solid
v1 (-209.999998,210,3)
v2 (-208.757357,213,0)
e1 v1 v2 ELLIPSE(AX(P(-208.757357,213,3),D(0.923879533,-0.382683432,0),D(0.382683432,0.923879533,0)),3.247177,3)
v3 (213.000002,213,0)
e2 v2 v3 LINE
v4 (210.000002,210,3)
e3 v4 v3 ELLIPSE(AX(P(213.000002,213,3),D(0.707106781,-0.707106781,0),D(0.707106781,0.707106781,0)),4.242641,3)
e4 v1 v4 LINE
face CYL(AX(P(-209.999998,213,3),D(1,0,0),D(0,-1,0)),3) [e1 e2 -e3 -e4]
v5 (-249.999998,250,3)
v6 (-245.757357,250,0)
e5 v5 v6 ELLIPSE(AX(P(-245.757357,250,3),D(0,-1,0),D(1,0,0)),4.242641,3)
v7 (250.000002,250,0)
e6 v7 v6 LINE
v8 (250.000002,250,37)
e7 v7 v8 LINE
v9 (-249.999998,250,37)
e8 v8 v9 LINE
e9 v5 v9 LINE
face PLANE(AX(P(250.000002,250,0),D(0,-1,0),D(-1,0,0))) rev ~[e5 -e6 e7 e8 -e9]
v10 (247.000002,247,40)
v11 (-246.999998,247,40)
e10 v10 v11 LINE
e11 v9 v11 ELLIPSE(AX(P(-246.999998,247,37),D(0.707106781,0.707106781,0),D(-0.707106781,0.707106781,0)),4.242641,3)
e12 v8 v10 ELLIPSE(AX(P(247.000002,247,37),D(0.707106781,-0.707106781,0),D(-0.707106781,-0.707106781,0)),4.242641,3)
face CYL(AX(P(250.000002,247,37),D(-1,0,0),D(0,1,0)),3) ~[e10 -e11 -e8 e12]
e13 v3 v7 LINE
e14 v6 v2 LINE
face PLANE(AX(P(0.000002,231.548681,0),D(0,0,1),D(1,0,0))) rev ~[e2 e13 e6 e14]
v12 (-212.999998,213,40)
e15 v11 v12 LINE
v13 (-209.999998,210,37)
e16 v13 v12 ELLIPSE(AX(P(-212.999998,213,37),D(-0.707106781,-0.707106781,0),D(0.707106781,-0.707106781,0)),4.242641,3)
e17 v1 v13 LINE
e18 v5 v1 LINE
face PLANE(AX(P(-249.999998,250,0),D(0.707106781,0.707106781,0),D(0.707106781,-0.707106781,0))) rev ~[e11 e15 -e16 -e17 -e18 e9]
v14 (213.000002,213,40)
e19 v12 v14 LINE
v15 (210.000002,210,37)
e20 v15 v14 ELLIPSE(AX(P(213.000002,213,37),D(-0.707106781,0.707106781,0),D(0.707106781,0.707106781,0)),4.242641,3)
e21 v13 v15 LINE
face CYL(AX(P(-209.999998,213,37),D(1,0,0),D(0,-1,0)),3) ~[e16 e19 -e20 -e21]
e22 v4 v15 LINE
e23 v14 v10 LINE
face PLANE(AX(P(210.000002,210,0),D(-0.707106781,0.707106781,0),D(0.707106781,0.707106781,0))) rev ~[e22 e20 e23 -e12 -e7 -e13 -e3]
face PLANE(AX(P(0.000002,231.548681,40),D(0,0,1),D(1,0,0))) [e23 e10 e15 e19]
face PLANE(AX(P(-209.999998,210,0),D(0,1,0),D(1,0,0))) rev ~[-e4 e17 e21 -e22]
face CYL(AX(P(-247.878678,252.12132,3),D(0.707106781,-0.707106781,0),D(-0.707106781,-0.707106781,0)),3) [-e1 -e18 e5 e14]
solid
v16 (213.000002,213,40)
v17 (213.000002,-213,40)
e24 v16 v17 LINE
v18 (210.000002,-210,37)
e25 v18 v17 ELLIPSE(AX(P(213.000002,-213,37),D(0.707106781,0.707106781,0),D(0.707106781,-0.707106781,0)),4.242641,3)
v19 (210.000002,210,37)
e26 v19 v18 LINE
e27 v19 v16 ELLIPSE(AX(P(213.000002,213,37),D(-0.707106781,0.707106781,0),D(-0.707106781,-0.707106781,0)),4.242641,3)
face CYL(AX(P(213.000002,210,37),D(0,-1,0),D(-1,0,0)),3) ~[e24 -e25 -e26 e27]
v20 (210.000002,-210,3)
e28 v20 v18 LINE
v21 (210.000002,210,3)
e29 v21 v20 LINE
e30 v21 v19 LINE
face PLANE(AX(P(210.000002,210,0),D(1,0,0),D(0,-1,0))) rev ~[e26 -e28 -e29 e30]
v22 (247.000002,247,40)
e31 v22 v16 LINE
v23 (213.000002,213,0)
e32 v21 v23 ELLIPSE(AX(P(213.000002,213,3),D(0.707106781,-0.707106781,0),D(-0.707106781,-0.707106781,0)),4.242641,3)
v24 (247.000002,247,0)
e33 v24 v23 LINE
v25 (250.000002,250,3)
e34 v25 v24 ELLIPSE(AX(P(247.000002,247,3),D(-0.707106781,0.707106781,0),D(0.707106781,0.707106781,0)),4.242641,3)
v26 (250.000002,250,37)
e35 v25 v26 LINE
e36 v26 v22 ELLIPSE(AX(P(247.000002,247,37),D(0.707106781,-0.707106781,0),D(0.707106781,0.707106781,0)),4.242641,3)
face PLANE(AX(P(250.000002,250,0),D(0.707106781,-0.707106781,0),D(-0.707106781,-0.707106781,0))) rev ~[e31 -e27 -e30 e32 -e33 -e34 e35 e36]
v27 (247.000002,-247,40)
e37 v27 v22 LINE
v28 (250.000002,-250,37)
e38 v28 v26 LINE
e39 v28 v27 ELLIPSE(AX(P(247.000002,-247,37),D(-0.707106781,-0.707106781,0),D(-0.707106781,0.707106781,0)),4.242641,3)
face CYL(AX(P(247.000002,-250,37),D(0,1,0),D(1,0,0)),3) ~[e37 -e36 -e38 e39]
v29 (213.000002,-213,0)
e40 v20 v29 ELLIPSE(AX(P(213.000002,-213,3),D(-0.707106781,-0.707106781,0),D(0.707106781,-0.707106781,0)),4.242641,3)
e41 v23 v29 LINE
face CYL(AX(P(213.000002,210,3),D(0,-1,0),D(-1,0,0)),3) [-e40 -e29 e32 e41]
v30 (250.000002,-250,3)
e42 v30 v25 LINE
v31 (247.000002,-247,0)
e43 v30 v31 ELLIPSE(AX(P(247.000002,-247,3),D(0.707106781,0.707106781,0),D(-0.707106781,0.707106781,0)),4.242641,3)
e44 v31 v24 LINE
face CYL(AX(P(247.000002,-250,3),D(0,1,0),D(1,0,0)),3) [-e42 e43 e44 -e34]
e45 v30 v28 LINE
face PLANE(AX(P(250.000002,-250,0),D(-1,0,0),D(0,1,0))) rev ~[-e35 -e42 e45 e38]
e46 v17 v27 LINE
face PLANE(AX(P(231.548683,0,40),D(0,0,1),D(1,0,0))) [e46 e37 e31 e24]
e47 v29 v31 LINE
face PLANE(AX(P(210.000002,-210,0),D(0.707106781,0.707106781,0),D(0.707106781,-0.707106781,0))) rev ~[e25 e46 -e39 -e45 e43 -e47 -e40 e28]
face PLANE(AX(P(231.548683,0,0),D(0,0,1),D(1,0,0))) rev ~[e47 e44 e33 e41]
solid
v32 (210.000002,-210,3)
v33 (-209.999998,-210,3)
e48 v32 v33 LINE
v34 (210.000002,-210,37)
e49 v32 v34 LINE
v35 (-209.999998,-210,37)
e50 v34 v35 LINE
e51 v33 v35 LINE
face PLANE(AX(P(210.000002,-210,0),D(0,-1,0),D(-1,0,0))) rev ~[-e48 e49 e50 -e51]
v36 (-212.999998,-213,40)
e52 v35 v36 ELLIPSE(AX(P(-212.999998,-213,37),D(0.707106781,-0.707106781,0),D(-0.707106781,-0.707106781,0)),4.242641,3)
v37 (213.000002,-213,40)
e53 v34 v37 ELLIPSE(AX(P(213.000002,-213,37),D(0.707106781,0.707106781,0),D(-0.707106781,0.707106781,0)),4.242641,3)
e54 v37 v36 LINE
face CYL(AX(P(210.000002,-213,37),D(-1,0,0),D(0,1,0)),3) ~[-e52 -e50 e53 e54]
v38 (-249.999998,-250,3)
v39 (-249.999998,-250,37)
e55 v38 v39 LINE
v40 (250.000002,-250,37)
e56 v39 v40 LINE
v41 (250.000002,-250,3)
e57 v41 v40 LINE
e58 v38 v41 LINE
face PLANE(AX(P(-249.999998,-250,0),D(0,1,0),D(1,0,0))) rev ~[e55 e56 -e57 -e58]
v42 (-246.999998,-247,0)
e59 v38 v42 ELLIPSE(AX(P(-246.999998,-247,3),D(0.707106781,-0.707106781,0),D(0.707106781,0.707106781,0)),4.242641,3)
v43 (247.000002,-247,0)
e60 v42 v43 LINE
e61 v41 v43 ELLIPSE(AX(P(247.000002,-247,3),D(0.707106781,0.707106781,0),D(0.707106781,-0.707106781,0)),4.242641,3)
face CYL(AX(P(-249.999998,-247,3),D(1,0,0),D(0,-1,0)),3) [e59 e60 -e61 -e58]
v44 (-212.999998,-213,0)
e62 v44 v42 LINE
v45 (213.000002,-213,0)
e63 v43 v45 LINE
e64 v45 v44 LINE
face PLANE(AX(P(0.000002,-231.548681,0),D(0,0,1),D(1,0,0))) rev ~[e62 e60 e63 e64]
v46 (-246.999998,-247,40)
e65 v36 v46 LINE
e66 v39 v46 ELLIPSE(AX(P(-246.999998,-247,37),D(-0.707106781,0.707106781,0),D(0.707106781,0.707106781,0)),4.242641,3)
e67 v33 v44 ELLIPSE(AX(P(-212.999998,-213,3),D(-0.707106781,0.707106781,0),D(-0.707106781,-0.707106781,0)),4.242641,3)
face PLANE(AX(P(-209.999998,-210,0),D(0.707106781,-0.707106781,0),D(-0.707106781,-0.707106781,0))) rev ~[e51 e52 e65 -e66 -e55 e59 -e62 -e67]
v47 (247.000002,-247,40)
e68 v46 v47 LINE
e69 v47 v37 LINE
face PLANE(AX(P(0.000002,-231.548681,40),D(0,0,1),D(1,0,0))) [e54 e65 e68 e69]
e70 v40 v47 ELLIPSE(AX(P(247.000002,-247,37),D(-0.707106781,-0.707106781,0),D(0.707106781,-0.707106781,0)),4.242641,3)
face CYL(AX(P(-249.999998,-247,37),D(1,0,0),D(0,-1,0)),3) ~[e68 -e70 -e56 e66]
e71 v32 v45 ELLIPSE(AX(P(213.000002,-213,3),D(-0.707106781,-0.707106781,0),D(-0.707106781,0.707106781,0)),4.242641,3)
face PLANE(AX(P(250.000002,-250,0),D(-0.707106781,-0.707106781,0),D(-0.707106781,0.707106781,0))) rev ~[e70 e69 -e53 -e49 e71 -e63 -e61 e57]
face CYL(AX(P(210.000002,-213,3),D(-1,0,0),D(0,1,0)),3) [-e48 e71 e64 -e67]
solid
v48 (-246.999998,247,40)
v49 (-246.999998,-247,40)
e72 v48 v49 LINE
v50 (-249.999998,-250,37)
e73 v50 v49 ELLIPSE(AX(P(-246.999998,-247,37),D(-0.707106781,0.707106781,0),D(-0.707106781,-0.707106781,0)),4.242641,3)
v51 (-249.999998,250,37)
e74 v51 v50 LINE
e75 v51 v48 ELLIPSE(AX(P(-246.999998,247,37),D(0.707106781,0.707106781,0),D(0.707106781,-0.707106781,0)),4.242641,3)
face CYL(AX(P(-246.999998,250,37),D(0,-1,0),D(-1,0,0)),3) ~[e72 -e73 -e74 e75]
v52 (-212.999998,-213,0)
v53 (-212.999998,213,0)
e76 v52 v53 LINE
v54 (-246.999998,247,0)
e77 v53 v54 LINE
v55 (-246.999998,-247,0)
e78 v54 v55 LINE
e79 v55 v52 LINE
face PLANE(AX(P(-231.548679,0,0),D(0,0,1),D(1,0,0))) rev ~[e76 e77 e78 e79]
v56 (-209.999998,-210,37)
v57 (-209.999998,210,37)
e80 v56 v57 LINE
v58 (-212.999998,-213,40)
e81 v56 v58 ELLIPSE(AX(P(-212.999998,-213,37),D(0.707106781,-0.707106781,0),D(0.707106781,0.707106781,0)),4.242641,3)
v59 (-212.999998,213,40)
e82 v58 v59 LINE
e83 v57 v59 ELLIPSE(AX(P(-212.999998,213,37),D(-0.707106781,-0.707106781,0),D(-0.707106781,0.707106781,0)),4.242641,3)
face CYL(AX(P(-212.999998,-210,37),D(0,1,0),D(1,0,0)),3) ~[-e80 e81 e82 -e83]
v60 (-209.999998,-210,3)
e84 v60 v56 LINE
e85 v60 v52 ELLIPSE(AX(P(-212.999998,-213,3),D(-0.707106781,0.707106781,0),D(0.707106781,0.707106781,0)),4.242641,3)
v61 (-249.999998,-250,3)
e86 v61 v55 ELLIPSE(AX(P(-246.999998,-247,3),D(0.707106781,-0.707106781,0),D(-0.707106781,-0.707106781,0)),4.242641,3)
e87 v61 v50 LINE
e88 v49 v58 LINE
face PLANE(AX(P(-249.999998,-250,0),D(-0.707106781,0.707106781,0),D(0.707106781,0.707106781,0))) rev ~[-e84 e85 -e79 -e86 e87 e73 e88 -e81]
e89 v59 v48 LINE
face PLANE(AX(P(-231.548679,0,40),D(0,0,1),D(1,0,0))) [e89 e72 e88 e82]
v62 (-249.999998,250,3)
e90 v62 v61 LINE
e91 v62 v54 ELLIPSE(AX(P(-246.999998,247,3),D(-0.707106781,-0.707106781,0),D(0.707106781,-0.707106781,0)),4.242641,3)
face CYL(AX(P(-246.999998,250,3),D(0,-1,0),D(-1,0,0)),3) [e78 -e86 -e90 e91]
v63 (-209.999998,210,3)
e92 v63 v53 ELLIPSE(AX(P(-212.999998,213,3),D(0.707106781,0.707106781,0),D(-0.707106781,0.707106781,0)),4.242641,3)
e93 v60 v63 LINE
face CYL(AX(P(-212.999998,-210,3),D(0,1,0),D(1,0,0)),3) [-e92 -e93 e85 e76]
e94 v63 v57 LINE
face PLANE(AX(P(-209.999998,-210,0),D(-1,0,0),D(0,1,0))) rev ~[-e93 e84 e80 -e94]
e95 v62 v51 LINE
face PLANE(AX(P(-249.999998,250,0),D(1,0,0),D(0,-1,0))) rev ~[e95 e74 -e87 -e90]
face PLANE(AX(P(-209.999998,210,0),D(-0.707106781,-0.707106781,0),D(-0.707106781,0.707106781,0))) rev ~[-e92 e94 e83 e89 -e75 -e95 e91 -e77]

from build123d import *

# Parameters (mm, degrees)
F1_DEPTH  = 40
F2_R      = 3
F4_DEPTH  = 40
F5_R      = 3
F7_DEPTH  = 40
F8_R      = 3
F10_DEPTH = 40
F11_R     = 3


with BuildPart() as f1:
    # F0 (on Top) → F1 (new body)
    with BuildSketch(Plane.XY):
        Polygon((250.000002, 250), (-249.999998, 250), (-209.999998, 210), (210.000002, 210), align=None)
    extrude(amount=F1_DEPTH)

    # F2
    f2_edges = [f1.edges().sort_by_distance(p)[0] for p in [
        (2e-06, 250, 40),
        (2e-06, 210, 40),
        (2e-06, 210, 0),
        (-229.999998, 230, 0),
    ]]
    fillet(f2_edges, radius=F2_R)


with BuildPart() as f4:
    # F3 (on Top) → F4 (new body)
    with BuildSketch(Plane.XY):
        Polygon((-209.999998, 210), (-249.999998, 250), (-249.999998, -250), (-209.999998, -210), align=None)
    extrude(amount=F4_DEPTH)

    # F5
    f5_edges = [f4.edges().sort_by_distance(p)[0] for p in [
        (-209.999998, 0, 40),
        (-209.999998, 0, 0),
        (-249.999998, 0, 40),
        (-249.999998, 0, 0),
    ]]
    fillet(f5_edges, radius=F5_R)


with BuildPart() as f7:
    # F6 (on Top) → F7 (new body)
    with BuildSketch(Plane.XY):
        Polygon((-209.999998, -210), (-249.999998, -250), (250.000002, -250), (210.000002, -210), align=None)
    extrude(amount=F7_DEPTH)

    # F8
    f8_edges = [f7.edges().sort_by_distance(p)[0] for p in [
        (2e-06, -250, 40),
        (2e-06, -210, 40),
        (2e-06, -250, 0),
        (2e-06, -210, 0),
    ]]
    fillet(f8_edges, radius=F8_R)


with BuildPart() as f10:
    # F9 (on Top) → F10 (new body)
    with BuildSketch(Plane.XY):
        Polygon((210.000002, -210), (250.000002, -250), (250.000002, 250), (210.000002, 210), align=None)
    extrude(amount=F10_DEPTH)

    # F11
    f11_edges = [f10.edges().sort_by_distance(p)[0] for p in [
        (210.000002, 0, 40),
        (250.000002, 0, 40),
        (250.000002, 0, 0),
        (210.000002, 0, 0),
    ]]
    fillet(f11_edges, radius=F11_R)


solid = Compound([f1.part, f4.part, f7.part, f10.part])
